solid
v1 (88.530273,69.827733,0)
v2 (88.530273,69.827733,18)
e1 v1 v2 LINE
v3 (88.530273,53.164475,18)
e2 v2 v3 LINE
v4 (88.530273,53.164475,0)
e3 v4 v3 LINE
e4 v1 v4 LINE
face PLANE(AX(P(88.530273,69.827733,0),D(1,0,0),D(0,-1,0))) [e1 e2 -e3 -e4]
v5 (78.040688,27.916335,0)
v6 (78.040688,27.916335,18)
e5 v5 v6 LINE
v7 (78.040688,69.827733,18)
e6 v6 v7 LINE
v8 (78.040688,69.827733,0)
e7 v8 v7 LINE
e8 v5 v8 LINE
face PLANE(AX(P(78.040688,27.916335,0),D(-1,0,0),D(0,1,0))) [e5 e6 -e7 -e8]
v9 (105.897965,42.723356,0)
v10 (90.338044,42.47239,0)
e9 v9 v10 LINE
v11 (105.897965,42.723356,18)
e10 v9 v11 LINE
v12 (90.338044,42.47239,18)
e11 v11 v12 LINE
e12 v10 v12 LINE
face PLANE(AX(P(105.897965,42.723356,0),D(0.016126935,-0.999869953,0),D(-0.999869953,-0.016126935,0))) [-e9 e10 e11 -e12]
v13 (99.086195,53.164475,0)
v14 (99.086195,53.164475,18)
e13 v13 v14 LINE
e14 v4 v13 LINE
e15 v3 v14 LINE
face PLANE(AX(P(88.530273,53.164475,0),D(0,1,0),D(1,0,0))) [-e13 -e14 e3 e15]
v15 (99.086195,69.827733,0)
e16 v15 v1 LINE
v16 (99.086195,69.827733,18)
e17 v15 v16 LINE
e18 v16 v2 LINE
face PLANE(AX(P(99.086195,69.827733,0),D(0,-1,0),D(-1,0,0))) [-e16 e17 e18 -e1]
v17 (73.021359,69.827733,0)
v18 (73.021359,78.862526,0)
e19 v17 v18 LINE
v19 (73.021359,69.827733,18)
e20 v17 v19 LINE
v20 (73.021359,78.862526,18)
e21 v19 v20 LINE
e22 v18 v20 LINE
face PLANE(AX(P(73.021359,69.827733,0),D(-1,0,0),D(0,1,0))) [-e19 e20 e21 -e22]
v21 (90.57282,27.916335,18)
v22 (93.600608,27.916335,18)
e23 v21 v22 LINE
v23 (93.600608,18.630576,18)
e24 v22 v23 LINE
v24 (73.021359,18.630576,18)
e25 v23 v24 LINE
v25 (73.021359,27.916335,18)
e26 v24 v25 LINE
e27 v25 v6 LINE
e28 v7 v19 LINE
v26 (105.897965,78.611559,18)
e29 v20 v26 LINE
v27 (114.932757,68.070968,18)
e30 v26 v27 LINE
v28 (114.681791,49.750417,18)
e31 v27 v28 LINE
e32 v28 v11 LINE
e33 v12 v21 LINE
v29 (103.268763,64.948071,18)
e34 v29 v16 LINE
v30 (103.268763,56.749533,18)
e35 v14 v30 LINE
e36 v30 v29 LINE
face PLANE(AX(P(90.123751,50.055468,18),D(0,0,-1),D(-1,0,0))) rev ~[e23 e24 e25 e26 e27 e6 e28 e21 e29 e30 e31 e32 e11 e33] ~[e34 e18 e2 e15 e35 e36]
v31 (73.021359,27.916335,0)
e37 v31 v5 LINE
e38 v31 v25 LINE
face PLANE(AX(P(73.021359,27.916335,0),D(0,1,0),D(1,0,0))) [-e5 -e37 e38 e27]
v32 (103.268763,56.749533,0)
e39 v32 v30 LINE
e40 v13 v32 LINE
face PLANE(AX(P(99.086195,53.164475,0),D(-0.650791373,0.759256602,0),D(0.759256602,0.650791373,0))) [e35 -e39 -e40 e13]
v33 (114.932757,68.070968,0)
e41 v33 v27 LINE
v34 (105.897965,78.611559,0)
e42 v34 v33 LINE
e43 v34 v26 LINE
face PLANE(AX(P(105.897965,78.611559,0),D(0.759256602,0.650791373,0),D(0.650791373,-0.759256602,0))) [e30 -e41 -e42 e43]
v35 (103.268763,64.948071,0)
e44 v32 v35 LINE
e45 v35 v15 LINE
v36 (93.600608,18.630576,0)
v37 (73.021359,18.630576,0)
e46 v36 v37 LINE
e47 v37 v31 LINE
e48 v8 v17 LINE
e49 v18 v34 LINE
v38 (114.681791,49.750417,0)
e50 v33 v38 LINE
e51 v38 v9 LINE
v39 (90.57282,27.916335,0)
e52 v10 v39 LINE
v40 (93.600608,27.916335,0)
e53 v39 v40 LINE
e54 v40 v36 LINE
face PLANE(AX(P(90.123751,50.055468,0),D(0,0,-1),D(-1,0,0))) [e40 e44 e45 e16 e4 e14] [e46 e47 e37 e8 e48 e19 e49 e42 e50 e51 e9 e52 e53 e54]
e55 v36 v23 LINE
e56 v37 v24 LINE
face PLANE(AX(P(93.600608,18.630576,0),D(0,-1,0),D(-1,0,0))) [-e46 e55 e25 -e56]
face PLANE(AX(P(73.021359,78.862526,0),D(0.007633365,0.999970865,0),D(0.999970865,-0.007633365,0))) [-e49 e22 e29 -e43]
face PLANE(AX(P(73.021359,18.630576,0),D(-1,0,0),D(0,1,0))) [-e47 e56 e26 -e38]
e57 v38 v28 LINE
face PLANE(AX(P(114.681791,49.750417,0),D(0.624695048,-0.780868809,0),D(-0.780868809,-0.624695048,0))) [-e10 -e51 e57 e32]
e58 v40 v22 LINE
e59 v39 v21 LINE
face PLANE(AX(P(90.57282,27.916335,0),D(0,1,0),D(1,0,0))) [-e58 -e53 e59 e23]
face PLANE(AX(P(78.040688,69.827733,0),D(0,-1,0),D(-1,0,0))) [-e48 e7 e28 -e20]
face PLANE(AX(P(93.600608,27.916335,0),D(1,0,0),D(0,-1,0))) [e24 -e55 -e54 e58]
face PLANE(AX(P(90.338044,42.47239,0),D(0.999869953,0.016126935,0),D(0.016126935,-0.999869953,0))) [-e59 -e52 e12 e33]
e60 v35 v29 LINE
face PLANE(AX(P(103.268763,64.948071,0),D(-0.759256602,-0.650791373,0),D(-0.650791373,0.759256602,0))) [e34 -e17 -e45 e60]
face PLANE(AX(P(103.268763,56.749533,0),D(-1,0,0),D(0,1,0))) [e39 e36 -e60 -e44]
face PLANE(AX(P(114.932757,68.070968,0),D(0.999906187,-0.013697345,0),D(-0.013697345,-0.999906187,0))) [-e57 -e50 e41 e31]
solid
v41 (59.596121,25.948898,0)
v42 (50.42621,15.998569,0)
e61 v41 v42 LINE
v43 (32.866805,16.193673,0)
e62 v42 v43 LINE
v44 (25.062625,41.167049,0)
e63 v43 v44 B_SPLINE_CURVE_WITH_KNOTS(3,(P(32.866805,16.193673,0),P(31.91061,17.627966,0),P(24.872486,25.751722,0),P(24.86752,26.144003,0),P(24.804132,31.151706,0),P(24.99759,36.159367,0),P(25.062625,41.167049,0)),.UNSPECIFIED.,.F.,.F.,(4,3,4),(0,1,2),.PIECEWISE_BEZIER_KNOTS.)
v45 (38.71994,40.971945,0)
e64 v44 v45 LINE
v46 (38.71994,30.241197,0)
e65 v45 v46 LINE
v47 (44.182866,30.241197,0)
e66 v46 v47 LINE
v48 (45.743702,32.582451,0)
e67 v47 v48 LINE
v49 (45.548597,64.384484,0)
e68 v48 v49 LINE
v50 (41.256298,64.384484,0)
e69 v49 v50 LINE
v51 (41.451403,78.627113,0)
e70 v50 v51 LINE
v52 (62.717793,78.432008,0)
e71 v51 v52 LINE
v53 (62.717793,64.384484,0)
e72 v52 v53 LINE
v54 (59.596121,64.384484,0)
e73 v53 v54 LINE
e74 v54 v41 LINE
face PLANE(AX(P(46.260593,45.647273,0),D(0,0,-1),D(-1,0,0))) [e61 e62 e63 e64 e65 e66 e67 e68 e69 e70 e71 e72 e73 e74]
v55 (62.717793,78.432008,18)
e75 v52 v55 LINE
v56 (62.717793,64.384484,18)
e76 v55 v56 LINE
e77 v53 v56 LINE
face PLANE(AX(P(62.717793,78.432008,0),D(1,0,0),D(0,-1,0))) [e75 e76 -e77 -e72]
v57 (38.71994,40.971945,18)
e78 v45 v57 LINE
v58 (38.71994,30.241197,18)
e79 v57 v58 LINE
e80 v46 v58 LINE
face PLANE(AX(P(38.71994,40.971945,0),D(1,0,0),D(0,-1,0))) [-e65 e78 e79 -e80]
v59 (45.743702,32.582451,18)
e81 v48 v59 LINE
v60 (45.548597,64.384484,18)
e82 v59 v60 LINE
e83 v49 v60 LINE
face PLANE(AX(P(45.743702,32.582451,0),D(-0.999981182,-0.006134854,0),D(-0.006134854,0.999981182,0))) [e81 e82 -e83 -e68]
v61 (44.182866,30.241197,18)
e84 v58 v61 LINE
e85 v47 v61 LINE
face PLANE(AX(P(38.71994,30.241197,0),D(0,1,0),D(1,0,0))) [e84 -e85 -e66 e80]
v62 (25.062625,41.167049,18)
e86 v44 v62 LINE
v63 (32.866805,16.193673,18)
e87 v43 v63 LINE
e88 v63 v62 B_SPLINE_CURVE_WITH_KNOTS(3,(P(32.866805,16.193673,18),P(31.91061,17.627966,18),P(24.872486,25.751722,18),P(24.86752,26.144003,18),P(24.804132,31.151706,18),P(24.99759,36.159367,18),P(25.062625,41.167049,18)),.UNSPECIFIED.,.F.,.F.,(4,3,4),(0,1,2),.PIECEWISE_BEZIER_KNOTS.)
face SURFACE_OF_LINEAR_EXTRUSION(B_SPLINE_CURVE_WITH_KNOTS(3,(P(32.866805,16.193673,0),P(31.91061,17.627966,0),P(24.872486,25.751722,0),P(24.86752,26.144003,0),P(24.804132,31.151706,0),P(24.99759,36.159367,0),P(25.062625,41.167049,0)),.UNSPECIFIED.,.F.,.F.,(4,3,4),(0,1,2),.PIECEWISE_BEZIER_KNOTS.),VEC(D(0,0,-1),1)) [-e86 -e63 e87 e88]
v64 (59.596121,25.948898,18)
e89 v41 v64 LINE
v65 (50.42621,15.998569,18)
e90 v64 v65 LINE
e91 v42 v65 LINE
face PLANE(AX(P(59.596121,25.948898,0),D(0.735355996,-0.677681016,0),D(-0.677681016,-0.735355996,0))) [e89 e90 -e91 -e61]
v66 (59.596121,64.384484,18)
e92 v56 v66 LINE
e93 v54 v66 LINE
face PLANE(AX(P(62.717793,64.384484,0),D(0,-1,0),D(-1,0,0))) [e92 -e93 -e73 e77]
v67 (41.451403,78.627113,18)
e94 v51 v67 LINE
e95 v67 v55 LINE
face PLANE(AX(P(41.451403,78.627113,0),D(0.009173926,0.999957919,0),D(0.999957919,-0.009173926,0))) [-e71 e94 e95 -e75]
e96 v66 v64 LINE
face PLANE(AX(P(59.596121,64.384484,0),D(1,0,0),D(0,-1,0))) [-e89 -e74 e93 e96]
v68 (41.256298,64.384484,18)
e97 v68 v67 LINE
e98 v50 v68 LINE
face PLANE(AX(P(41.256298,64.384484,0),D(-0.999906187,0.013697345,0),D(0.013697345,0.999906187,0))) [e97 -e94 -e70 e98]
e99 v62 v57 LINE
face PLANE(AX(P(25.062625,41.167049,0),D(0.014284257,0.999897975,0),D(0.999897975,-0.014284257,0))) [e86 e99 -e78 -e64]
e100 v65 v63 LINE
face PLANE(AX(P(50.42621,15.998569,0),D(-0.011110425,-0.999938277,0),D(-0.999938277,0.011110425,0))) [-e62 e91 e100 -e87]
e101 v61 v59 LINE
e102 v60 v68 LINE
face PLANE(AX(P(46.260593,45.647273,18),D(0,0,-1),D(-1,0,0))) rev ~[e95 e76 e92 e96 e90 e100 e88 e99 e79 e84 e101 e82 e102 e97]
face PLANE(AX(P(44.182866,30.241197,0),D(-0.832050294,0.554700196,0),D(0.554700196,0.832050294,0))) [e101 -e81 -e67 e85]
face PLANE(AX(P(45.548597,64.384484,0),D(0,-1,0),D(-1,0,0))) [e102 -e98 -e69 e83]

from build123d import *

# Parameters (mm, degrees)
BOSS_EXTRUDE1_DEPTH   = 18
BOSS_EXTRUDE1_2_DEPTH = 18


with BuildPart() as part:
    # Sketch2 → Boss-Extrude1 (new body)
    with BuildSketch(Plane.XY):
        with BuildLine():
            Line((41.451402768, 78.627112804), (62.71779308, 78.432008305))
            Line((62.71779308, 78.432008305), (62.71779308, 64.38448443))
            Line((62.71779308, 64.38448443), (59.596121107, 64.38448443))
            Line((59.596121107, 64.38448443), (59.596121107, 25.94889827))
            Line((59.596121107, 25.94889827), (50.426209689, 15.998568858))
            Line((50.426209689, 15.998568858), (32.866804844, 16.193673357))
            add(Edge.make_bspline(
                [(32.866804844, 16.193673357), (31.910610057, 17.627965538), (24.872485991, 25.751722249), (24.867520415, 26.144002768), (24.804131767, 31.151705999), (24.997590081, 36.159367013), (25.062624913, 41.167049135)],
                knots=[0, 0, 0, 0, 1, 1, 1, 2, 2, 2, 2], degree=3))
            Line((25.062624913, 41.167049135), (38.719939792, 40.971944637))
            Line((38.719939792, 40.971944637), (38.719939792, 30.241197232))
            Line((38.719939792, 30.241197232), (44.182865744, 30.241197232))
            Line((44.182865744, 30.241197232), (45.74370173, 32.582451211))
            Line((45.74370173, 32.582451211), (45.548597232, 64.38448443))
            Line((45.548597232, 64.38448443), (41.25629827, 64.38448443))
            Line((41.25629827, 64.38448443), (41.451402768, 78.627112804))
        make_face()
    extrude(amount=BOSS_EXTRUDE1_DEPTH)


with BuildPart() as body_2:
    # Sketch2 → Boss-Extrude1 2 (new body)
    with BuildSketch(Plane.XY):
        Polygon((73.021358937, 78.862525948), (105.897964848, 78.61155949), (114.932757312, 68.070968282), (114.681790855, 49.750416896), (105.897964848, 42.723356091), (90.338044493, 42.472389633), (90.572819566, 27.916335108), (93.600608438, 27.916335108), (93.600608438, 18.630576186), (73.021358937, 18.630576186), (73.021358937, 27.916335108), (78.040688083, 27.916335108), (78.040688083, 69.827733483), (73.021358937, 69.827733483), align=None)
        Polygon((88.530273253, 69.827733483), (88.530273253, 53.164474994), (99.086194651, 53.164474994), (103.268762855, 56.749533454), (103.268762855, 64.948070578), (99.086194651, 69.827733483), align=None, mode=Mode.SUBTRACT)
    extrude(amount=BOSS_EXTRUDE1_2_DEPTH)


solid = Compound([part.part, body_2.part])
